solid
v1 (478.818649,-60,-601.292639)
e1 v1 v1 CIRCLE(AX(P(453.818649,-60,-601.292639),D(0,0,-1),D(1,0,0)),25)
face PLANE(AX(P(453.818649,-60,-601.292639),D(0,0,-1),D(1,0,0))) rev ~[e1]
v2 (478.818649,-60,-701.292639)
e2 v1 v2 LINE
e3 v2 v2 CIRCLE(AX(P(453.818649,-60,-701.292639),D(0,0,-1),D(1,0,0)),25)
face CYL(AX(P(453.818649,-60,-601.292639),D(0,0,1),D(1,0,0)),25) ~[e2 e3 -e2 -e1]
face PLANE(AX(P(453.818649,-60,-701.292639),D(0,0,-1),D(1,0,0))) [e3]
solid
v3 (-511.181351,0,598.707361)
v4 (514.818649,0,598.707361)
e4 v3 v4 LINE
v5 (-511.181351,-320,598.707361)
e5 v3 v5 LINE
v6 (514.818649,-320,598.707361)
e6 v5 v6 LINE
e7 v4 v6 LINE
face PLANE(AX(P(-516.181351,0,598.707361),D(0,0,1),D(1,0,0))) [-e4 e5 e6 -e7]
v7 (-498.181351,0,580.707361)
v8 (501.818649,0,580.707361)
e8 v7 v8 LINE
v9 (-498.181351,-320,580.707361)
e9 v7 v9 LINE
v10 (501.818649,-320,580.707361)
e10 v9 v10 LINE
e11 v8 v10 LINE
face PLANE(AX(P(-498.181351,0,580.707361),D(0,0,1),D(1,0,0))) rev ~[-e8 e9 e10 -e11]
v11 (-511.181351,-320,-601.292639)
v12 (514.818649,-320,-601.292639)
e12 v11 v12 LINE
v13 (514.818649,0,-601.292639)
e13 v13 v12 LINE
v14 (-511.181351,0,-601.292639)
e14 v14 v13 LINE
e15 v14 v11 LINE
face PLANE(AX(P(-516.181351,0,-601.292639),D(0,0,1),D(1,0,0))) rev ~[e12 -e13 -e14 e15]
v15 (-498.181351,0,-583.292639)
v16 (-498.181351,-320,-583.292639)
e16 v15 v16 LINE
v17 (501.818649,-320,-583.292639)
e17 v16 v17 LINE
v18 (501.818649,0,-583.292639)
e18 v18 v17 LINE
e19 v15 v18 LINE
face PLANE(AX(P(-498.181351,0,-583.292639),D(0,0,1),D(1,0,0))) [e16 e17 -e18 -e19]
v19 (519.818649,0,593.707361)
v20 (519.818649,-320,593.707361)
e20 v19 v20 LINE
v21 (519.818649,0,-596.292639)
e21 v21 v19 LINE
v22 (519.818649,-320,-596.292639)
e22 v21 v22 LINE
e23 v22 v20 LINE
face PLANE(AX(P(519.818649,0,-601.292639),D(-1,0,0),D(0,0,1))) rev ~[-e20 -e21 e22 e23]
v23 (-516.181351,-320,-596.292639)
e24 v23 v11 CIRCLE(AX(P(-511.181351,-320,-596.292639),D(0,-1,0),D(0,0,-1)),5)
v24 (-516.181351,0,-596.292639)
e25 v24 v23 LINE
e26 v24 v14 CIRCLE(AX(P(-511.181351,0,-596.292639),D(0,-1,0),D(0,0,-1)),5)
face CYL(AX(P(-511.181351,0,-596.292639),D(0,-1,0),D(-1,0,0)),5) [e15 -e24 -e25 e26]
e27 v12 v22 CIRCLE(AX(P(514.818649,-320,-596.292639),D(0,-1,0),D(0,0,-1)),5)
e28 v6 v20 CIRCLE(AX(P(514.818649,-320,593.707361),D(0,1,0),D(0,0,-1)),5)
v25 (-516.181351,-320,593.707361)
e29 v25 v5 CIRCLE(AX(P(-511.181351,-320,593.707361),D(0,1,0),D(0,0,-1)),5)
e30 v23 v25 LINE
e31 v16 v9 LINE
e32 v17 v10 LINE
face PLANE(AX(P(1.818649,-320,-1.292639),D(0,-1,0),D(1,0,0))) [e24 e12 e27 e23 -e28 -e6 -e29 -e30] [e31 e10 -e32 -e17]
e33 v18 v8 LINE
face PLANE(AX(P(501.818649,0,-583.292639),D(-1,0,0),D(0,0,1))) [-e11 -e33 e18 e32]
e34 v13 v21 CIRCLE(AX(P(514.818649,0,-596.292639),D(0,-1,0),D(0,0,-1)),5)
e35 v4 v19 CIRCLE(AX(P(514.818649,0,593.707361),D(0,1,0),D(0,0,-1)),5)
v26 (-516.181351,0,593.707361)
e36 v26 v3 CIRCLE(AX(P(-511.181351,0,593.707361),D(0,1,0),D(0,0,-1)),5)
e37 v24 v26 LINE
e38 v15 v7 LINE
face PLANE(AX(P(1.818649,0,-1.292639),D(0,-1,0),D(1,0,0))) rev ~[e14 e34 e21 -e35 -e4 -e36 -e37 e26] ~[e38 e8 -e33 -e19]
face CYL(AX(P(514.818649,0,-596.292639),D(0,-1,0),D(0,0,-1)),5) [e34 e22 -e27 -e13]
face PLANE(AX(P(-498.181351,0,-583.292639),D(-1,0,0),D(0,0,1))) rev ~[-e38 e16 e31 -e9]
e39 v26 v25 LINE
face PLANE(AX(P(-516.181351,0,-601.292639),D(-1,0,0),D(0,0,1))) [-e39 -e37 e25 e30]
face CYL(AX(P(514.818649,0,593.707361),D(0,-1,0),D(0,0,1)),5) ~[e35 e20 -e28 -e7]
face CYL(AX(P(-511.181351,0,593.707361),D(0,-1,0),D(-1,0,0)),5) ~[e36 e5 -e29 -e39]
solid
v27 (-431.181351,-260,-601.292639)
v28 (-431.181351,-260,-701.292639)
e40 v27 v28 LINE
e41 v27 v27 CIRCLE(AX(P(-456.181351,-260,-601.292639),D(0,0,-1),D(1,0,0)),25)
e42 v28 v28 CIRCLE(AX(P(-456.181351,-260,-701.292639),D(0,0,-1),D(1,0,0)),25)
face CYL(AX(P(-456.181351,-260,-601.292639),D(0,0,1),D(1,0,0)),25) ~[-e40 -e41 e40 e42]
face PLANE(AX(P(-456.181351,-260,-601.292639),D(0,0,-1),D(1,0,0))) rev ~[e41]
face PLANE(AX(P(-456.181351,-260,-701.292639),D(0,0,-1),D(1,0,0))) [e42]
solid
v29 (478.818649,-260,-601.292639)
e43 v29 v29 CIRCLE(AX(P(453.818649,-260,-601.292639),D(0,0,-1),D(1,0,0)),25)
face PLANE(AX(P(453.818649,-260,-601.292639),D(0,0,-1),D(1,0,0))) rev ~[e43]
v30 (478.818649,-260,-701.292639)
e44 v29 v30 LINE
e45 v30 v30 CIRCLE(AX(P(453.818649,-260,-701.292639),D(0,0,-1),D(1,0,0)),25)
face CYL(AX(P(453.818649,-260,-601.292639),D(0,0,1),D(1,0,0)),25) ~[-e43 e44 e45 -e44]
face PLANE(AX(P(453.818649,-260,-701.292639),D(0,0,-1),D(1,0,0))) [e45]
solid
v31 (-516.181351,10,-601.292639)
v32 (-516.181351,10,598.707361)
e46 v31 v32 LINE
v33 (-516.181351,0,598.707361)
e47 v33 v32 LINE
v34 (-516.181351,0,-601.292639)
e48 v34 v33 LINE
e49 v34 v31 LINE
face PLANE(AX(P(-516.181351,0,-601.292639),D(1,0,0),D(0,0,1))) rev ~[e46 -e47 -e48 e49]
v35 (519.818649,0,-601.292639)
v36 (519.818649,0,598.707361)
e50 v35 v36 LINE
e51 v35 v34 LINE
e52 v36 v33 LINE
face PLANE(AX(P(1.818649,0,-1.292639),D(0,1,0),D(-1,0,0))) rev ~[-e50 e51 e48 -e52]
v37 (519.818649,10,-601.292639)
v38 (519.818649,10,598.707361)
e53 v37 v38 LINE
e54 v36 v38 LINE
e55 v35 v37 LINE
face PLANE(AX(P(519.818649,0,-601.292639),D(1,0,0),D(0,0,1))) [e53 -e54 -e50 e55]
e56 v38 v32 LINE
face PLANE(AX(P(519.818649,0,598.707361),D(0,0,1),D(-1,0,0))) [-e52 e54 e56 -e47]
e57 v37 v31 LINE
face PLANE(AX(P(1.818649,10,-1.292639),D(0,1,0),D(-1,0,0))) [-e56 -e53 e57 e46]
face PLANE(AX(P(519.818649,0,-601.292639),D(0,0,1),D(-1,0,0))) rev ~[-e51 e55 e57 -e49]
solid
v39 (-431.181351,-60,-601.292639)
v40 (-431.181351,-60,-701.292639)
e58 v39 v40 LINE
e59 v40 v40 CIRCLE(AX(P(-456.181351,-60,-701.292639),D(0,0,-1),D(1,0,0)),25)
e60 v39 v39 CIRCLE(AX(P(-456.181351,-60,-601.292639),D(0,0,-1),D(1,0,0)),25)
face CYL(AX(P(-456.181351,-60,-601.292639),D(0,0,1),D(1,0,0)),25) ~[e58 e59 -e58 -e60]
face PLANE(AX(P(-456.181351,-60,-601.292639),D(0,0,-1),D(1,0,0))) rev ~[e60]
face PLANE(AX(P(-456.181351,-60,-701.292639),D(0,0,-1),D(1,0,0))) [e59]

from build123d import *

# Parameters (mm, degrees)
F0_W     = 1036
F0_H     = 1200
F0_W_2   = 1000
F0_H_2   = 1164
F1_DEPTH = 320
F2_W     = 1036
F2_H     = 1200
F3_DEPTH = 10
F4_R     = 25
F5_DEPTH = 100
F6_R     = 5


with BuildPart() as f1:
    # F0 (on Front) → F1 (new body)
    with BuildSketch(Plane.XZ):
        with Locations((1.818649, -1.292639)):
            Rectangle(F0_W, F0_H)
        with Locations((1.818649, -1.292639)):
            Rectangle(F0_W_2, F0_H_2, mode=Mode.SUBTRACT)
    extrude(amount=F1_DEPTH)

    # F6
    f6_edges = [f1.edges().sort_by_distance(p)[0] for p in [
        (-516.181351, -160, 598.707361),
        (-516.181351, -160, -601.292639),
        (519.818649, -160, -601.292639),
        (519.818649, -160, 598.707361),
    ]]
    fillet(f6_edges, radius=F6_R)


with BuildPart() as f3:
    # F2 (on face) → F3 (new body)
    with BuildSketch(Plane(origin=(0, 0, 0), x_dir=(-1, 0, 0), z_dir=(0, 1, 0))):
        with Locations((-1.818649, -1.292639)):
            Rectangle(F2_W, F2_H)
    extrude(amount=F3_DEPTH)


with BuildPart() as f5:
    # F4 (on face) → F5 (new body)
    with BuildSketch(Plane(origin=(0, 0, -601.292639), x_dir=(1, 0, 0), z_dir=(0, 0, -1))):
        with Locations((-456.181351, 260)):
            Circle(F4_R)
        with Locations((-456.181351, 60)):
            Circle(F4_R)
        with Locations((453.818649, 260)):
            Circle(F4_R)
        with Locations((453.818649, 60)):
            Circle(F4_R)
    extrude(amount=F5_DEPTH)


solid = Compound([f1.part, f3.part, f5.part])
